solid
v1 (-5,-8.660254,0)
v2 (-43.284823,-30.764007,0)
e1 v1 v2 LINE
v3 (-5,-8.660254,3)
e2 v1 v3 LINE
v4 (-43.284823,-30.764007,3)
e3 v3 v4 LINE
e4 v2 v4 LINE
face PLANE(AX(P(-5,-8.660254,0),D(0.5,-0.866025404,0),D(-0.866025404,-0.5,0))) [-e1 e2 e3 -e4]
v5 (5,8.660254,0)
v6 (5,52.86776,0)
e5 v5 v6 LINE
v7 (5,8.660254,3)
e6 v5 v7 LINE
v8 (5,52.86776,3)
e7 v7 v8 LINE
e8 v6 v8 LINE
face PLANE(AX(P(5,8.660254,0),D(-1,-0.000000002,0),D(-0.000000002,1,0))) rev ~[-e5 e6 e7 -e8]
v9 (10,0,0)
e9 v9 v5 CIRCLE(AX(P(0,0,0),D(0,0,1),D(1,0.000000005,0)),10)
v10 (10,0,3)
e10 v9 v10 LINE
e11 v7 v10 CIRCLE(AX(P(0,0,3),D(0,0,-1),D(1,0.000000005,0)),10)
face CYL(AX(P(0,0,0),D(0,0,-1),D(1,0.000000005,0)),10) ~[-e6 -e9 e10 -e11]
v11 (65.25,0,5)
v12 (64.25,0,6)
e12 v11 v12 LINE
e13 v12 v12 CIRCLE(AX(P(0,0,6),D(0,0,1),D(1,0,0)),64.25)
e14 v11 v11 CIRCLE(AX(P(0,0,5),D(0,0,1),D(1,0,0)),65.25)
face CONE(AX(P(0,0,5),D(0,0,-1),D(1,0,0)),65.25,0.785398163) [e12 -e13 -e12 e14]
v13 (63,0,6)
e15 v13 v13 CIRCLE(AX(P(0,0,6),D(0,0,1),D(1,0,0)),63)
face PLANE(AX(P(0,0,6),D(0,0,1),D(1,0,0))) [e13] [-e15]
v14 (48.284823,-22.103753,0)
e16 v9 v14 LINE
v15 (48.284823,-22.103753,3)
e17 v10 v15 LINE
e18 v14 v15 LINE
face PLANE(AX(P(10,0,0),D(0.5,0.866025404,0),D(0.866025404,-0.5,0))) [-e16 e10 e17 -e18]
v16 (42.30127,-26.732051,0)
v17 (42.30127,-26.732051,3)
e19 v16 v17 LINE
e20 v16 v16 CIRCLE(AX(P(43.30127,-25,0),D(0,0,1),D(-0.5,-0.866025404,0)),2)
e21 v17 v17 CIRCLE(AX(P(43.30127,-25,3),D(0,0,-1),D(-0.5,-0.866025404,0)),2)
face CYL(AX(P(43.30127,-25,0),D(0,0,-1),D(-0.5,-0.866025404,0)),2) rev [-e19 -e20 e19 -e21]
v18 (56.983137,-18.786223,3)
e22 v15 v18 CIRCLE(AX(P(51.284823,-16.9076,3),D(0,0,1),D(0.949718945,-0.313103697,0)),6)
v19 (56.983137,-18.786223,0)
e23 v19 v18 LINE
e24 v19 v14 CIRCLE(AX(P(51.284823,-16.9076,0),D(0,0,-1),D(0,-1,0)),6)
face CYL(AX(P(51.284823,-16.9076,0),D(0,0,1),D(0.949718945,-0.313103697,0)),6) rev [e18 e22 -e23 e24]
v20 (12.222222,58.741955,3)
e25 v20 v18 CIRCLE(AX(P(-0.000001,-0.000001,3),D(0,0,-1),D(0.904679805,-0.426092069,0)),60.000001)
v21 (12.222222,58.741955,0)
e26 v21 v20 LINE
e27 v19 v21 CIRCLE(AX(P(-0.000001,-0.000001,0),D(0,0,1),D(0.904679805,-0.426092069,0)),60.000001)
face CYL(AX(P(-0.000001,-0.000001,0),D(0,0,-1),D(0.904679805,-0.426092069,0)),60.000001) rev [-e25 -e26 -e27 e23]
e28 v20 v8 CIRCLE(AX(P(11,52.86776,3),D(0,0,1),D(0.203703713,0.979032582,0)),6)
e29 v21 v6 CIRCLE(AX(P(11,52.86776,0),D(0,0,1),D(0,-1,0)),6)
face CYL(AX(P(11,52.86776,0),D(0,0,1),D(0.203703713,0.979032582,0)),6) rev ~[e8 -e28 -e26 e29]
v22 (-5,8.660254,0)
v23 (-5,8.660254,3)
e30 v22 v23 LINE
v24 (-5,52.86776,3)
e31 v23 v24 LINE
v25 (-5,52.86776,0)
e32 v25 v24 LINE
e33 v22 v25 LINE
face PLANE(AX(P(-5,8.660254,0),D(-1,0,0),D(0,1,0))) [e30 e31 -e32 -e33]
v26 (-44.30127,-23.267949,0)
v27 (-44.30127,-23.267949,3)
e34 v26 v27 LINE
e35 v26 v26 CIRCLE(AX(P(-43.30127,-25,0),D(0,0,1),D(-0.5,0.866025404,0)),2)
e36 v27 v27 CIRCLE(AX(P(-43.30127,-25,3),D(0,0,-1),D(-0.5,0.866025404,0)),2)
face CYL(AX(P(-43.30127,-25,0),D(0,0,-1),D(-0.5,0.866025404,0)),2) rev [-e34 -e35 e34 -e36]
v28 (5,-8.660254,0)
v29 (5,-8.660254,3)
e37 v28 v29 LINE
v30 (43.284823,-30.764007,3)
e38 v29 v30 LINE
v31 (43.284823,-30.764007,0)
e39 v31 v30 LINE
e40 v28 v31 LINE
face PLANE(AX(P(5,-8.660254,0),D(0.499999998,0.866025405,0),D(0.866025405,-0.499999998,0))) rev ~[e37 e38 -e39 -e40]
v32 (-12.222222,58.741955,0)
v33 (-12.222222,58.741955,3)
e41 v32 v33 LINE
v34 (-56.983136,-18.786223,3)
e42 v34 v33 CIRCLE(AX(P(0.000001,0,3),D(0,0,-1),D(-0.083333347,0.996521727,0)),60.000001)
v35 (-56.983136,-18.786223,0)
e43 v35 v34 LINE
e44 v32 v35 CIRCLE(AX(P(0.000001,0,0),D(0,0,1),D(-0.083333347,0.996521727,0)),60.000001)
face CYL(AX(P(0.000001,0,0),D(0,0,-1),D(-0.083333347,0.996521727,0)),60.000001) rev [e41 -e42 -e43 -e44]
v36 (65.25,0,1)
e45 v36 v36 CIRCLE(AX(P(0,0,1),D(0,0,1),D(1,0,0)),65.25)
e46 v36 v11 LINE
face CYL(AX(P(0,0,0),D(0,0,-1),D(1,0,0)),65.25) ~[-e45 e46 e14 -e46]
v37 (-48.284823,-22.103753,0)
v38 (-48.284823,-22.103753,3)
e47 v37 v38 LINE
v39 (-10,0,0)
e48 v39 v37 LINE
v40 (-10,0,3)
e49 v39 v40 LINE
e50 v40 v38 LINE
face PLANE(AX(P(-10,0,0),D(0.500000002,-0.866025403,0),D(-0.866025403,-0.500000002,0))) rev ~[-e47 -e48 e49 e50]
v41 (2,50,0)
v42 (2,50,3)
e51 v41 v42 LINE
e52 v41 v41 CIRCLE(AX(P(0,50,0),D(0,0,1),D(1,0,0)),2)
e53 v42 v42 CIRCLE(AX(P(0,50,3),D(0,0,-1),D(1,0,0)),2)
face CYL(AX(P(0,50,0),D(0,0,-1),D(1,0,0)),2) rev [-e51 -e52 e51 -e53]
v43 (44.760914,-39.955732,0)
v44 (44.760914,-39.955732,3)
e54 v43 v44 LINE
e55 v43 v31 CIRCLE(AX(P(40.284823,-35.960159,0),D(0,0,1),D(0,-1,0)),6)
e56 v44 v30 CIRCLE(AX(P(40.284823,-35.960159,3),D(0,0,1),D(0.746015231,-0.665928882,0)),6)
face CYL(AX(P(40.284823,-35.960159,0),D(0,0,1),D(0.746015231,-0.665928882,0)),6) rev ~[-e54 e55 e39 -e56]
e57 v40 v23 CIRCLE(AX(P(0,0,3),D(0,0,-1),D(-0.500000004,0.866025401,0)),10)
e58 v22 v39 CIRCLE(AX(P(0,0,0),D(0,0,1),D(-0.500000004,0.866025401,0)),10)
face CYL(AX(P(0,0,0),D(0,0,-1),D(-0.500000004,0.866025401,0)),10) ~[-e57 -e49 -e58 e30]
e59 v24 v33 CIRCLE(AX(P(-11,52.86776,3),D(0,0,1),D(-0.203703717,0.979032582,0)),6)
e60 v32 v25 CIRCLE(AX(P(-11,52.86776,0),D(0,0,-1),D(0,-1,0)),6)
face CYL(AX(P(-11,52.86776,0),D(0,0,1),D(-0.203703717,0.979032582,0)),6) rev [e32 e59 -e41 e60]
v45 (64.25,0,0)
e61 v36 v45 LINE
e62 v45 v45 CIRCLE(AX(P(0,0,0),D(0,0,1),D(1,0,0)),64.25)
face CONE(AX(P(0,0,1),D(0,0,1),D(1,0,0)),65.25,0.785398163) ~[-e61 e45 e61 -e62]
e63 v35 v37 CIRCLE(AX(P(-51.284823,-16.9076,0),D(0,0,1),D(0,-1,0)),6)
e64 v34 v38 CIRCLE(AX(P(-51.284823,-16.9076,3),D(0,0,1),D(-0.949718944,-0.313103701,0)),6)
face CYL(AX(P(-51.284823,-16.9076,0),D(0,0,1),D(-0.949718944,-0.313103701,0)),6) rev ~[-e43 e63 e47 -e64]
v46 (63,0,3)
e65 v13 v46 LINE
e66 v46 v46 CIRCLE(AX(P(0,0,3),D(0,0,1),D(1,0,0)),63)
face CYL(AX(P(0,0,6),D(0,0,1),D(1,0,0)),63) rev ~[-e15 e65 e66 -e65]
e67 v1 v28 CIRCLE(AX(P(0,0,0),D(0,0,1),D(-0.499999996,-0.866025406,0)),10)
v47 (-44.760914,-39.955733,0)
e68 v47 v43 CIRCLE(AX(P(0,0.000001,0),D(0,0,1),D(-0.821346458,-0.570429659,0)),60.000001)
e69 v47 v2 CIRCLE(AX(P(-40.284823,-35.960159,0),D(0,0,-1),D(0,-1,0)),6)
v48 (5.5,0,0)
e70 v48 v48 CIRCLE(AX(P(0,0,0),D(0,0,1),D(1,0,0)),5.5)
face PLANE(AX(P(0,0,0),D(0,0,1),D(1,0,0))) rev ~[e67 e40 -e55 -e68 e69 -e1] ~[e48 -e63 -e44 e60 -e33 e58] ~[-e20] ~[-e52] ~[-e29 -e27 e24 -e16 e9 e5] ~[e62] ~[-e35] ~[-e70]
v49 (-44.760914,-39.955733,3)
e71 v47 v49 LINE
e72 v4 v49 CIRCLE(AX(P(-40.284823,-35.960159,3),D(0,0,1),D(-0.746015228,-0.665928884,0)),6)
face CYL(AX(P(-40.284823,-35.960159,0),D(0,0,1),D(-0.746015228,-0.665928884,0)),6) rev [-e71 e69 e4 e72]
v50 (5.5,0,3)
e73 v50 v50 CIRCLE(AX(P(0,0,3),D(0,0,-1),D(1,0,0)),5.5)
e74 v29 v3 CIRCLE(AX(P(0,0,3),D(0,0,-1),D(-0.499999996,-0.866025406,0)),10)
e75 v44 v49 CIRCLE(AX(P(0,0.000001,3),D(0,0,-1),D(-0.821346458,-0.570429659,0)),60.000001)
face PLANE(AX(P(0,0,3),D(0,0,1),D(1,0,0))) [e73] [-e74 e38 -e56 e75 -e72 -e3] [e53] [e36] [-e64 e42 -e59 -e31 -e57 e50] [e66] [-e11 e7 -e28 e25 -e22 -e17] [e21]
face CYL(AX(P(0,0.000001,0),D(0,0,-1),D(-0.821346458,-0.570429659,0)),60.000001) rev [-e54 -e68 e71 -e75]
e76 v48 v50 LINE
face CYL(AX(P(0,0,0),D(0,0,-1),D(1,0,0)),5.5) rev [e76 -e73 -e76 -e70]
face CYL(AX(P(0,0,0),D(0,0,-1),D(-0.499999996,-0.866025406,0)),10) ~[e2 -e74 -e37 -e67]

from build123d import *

# Parameters (mm, degrees)
SKETCH_R           = 65.25
PAD_DEPTH          = 6
SKETCH001_R        = 5.5
POCKET_DEPTH       = 6.001
SKETCH002_R        = 2
POCKET001_DEPTH    = 375.305752
POLARPATTERN_COUNT = 3
CHAMFER_SIZE       = 1
FILLET_R           = 6
SKETCH003_R        = 63
POCKET002_DEPTH    = 3


with BuildPart() as part:
    # Sketch → Pad (new body)
    with BuildSketch(Plane.XY):
        Circle(SKETCH_R)
    extrude(amount=PAD_DEPTH)

    # Sketch001 → Pocket (cut, through all)
    with BuildSketch(Plane.XY):
        Circle(SKETCH001_R)
    extrude(amount=POCKET_DEPTH, mode=Mode.SUBTRACT)

    # Sketch002 → Pocket001 (cut, through all)
    with BuildSketch(Plane.XY):
        with Locations((0, 50)):
            Circle(SKETCH002_R)
        with BuildLine():
            ThreePointArc((-5, 59.791304), (-51.961524, 30), (-54.280788, -25.565525))
            Line((-10, 0), (-54.280788, -25.565525))
            ThreePointArc((-5, 8.660254), (-8.660254, 5), (-10, 0))
            Line((-5, 8.660254), (-5, 59.791304))
        make_face()
    pocket001 = extrude(amount=POCKET001_DEPTH, mode=Mode.SUBTRACT)

    # PolarPattern: Pocket001 ×3 about axis
    polarpattern_axis = Axis((0, 0, 0), (0, 0, 1))
    for i in range(1, POLARPATTERN_COUNT):
        add(pocket001.rotate(polarpattern_axis, i * 360 / POLARPATTERN_COUNT), mode=Mode.SUBTRACT)

    # Chamfer
    chamfer_edges = [part.edges().sort_by_distance(p)[0] for p in [
        (-65.25, 0, 6),
        (-65.25, 0, 0),
    ]]
    chamfer(chamfer_edges, length=CHAMFER_SIZE)

    # Fillet
    fillet_edges = [part.edges().sort_by_distance(p)[0] for p in [
        (-54.280788, -25.565525, 3),
        (-5, 59.791304, 3),
        (5, 59.791304, 3),
        (54.280788, -25.565525, 3),
        (49.280788, -34.225779, 3),
        (-49.280788, -34.225779, 3),
    ]]
    fillet(fillet_edges, radius=FILLET_R)

    # Sketch003 (on Face25 of Fillet) → Pocket002 (cut)
    with BuildSketch(Plane.XY.offset(6)):
        Circle(SKETCH003_R)
    extrude(amount=-POCKET002_DEPTH, mode=Mode.SUBTRACT)


solid = part.part
